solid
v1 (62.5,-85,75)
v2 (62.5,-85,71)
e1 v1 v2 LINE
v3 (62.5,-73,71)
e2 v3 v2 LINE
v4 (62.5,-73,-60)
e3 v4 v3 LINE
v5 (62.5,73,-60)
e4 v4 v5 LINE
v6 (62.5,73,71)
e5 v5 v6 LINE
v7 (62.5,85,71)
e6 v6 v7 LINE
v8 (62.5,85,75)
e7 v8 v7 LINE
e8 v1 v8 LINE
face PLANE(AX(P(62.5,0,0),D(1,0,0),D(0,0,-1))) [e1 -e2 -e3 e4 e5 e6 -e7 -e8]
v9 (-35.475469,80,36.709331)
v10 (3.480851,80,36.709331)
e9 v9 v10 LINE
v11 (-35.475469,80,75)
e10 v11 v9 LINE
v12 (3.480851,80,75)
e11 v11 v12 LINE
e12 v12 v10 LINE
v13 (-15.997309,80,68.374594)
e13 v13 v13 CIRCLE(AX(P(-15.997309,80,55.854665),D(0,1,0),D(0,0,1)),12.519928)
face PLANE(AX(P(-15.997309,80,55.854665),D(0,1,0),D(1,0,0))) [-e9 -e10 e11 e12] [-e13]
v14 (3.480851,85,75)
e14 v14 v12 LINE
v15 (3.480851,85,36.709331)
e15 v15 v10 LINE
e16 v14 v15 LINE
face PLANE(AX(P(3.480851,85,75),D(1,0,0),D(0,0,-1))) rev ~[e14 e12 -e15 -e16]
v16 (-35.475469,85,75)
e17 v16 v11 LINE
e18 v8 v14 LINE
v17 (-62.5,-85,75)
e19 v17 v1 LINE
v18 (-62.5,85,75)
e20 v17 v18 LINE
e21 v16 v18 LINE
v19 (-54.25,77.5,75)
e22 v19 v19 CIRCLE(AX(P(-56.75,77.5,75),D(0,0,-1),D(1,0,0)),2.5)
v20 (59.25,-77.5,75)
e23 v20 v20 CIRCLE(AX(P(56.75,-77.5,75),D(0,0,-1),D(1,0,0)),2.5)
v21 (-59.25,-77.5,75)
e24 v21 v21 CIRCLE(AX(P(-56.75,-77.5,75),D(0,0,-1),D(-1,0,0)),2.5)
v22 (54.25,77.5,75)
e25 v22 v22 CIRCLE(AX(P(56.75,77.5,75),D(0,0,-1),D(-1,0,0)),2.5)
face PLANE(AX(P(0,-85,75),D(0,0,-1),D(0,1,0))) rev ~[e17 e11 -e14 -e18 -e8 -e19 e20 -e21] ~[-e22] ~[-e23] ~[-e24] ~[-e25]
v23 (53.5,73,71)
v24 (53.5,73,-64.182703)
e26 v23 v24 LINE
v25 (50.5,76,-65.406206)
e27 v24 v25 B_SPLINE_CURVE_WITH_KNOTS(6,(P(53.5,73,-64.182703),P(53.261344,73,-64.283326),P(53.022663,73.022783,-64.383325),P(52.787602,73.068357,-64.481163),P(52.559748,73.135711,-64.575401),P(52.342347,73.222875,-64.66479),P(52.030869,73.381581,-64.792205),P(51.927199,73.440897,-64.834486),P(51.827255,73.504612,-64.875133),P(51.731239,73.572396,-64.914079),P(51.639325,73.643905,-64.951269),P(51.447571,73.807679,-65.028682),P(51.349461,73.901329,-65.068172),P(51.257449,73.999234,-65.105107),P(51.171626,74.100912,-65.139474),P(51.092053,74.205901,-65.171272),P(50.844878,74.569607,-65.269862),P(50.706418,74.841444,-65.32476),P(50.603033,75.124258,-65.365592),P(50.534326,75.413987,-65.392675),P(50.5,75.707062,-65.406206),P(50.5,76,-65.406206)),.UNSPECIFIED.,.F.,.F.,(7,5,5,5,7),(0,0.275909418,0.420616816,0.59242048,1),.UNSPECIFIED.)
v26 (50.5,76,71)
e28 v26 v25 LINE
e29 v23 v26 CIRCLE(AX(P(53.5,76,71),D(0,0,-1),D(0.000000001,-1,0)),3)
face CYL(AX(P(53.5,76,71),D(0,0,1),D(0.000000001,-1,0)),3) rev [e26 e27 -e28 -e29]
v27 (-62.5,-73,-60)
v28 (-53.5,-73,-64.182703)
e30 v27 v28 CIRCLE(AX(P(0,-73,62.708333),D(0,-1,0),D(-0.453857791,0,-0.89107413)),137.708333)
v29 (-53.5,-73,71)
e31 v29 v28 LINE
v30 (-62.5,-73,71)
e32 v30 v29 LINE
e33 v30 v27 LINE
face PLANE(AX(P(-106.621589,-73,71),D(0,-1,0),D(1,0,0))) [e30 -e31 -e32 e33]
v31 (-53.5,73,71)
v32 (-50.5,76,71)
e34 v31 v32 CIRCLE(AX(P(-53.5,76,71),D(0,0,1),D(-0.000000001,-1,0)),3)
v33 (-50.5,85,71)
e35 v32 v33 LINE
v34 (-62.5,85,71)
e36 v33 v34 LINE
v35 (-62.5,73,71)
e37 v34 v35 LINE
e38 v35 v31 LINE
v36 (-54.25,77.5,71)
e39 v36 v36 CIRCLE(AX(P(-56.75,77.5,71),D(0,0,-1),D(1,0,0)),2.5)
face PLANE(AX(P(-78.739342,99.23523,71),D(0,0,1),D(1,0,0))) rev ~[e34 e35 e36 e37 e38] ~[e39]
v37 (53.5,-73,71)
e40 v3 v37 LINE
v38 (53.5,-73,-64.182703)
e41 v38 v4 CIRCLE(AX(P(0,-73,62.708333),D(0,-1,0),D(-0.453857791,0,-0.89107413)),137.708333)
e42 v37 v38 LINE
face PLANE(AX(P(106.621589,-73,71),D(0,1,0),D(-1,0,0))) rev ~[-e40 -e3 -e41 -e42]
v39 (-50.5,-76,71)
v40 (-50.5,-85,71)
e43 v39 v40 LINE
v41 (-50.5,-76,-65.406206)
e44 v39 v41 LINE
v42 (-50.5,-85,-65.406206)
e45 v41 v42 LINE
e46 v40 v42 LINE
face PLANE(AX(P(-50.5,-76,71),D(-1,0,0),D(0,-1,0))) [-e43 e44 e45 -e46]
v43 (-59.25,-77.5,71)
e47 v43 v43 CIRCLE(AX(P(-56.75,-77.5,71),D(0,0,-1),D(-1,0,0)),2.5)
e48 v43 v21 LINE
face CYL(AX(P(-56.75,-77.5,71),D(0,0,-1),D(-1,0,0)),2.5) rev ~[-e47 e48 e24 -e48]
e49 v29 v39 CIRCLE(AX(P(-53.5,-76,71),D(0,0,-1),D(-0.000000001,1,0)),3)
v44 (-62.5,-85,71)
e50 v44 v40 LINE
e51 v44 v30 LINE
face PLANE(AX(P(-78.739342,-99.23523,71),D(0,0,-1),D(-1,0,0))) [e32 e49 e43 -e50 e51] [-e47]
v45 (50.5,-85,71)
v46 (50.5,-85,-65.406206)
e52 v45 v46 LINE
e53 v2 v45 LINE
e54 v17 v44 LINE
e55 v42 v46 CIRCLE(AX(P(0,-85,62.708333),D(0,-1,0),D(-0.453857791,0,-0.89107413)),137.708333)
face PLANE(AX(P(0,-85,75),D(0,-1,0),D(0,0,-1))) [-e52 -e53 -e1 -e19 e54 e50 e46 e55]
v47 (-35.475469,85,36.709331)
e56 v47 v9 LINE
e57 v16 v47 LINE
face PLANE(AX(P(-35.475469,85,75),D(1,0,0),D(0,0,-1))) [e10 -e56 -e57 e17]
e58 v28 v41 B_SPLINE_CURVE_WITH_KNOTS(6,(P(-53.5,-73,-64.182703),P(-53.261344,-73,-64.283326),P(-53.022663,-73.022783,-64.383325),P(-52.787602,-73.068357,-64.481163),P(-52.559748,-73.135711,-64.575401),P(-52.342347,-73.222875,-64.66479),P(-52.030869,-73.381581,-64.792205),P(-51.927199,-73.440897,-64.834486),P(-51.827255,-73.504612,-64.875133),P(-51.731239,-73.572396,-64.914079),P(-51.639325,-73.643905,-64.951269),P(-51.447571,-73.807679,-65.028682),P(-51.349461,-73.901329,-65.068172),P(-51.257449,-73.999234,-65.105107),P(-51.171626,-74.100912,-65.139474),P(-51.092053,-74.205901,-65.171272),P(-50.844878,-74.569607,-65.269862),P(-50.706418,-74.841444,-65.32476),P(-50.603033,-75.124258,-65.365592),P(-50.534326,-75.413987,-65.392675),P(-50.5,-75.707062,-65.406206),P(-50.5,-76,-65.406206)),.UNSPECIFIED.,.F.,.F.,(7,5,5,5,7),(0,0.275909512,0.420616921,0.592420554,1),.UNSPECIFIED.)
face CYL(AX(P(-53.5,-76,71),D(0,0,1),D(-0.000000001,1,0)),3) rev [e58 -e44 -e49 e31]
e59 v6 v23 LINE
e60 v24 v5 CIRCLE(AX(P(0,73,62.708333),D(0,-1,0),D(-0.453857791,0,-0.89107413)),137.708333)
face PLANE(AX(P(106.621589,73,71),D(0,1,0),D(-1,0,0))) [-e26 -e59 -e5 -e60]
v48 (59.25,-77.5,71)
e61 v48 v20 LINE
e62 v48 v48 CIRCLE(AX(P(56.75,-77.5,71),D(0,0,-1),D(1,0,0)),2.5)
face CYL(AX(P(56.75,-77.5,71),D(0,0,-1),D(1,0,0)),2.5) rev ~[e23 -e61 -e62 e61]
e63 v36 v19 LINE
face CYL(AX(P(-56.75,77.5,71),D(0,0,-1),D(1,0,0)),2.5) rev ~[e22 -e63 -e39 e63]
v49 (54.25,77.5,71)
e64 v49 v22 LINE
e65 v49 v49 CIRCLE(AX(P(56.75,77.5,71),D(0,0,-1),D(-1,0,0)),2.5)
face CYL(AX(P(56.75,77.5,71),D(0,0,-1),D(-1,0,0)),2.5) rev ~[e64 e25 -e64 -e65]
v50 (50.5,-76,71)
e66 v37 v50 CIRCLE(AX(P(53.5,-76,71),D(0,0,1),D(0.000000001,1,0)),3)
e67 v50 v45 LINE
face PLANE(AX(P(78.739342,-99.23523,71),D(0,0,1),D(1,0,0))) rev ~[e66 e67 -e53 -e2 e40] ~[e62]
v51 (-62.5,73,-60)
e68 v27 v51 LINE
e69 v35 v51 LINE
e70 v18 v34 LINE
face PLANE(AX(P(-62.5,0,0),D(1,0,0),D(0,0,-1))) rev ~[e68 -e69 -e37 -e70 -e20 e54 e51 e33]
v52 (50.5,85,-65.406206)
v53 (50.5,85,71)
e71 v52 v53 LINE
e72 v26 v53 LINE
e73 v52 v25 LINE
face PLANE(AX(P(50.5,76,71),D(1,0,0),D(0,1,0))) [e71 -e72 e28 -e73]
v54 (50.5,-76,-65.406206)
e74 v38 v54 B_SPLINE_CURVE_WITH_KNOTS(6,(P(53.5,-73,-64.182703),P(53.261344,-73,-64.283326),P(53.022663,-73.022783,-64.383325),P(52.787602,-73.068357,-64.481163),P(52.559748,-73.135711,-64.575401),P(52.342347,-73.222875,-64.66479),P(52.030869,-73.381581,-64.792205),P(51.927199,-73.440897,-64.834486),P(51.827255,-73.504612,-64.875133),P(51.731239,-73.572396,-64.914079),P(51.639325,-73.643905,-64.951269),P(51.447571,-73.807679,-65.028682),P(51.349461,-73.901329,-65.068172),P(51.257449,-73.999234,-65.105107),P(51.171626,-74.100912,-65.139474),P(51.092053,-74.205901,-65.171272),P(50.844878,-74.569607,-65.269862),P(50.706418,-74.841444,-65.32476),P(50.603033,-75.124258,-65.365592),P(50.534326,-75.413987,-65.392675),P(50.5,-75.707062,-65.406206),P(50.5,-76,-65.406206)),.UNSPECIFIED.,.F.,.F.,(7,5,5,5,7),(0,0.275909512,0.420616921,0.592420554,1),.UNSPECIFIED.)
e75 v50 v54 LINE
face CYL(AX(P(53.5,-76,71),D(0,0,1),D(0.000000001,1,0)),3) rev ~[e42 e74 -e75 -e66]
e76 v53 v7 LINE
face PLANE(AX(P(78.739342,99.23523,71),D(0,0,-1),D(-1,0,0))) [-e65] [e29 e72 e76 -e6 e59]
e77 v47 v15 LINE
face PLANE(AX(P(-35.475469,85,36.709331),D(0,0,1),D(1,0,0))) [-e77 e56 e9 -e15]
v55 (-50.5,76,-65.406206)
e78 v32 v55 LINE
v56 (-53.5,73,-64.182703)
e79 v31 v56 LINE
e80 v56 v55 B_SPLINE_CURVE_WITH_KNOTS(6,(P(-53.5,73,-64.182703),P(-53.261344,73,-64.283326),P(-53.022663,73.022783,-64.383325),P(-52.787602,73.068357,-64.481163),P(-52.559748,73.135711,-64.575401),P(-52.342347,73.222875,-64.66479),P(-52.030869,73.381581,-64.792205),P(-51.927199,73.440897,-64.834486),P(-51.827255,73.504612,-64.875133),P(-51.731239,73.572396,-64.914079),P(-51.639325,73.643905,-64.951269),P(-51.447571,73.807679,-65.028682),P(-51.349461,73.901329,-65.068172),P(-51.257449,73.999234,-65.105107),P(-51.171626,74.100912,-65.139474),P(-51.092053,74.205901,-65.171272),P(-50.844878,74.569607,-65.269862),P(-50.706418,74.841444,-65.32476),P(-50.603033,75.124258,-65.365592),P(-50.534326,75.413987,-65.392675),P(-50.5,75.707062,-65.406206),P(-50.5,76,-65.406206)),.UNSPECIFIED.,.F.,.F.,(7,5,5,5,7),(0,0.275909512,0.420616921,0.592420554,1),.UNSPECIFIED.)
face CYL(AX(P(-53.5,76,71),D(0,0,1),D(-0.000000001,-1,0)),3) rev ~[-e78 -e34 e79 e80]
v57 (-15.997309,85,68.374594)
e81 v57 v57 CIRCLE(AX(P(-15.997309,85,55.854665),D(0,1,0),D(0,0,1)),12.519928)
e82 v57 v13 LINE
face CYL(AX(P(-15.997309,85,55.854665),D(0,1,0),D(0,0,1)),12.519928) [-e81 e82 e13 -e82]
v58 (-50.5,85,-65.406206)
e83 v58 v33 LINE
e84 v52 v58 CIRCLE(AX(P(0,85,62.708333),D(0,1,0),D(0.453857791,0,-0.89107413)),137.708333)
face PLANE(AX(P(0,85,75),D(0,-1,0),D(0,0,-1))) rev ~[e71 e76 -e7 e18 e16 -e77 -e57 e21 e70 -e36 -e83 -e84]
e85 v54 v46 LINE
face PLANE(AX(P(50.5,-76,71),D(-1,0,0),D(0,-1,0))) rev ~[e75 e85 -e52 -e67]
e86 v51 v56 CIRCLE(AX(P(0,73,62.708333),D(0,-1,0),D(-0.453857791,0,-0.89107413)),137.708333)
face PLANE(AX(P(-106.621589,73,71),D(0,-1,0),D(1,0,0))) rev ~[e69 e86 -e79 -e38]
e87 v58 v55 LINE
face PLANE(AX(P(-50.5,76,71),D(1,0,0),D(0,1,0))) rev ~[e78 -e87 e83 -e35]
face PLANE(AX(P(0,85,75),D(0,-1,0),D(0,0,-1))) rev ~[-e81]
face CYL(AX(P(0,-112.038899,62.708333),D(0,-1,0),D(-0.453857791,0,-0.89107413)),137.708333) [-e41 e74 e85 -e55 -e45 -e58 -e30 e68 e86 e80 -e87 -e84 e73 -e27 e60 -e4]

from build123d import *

# Parameters (mm, degrees)
SKETCH1_W               = 150
SKETCH1_H               = 170
BOSS_EXTRUDE1_DEPTH     = 62.5
CUT_EXTRUDE1_DEPTH      = 197.038899201
CUT_EXTRUDE1_DEPTH_BACK = 197.038899201
CUT_EXTRUDE2_START      = -4
CUT_EXTRUDE2_DEPTH      = 180.388249351
SKETCH4_R               = 2.5
CUT_EXTRUDE3_DEPTH      = 181.131202346
SKETCH7_W               = 38.956320025
SKETCH7_H               = 38.29066934
SKETCH7_R               = 12.51992823
CUT_EXTRUDE4_DEPTH      = 5


with BuildPart() as part:
    # Sketch1 → Boss-Extrude1 (new, symmetric)
    with BuildSketch(Plane(origin=(0, 0, 0), x_dir=(0, 0, -1), z_dir=(1, 0, 0))):
        Rectangle(SKETCH1_W, SKETCH1_H)
    extrude(amount=BOSS_EXTRUDE1_DEPTH, both=True)

    # Sketch2 → Cut-Extrude1 (cut, two sides: drawn at the far end of the back side and taken through both)
    with BuildSketch(Plane(origin=(0, 85, 0), x_dir=(1, 0, 0), z_dir=(0, 1, 0)).offset(-CUT_EXTRUDE1_DEPTH_BACK)):
        with BuildLine():
            Line((-399.296963127, -111.543444717), (-62.5, 60))
            ThreePointArc((-62.5, 60), (0, 75), (62.5, 60))
            Line((62.5, 60), (399.296963127, -111.543444717))
            Line((399.296963127, -111.543444717), (399.296963127, 644.391335002))
            Line((399.296963127, 644.391335002), (-399.296963127, 644.391335002))
            Line((-399.296963127, 644.391335002), (-399.296963127, -111.543444717))
        make_face()
    extrude(amount=CUT_EXTRUDE1_DEPTH + CUT_EXTRUDE1_DEPTH_BACK, mode=Mode.SUBTRACT)

    # Sketch3 → Cut-Extrude2 (cut, through all)
    with BuildSketch(Plane.XY.offset(75).offset(CUT_EXTRUDE2_START)):
        with BuildLine():
            Line((50.5, 125.138194242), (106.621589134, 125.138194242))
            Line((106.621589134, 125.138194242), (106.621589134, 73))
            Line((106.621589134, 73), (53.5, 73))
            ThreePointArc((53.5, 73), (51.378679656, 73.878679656), (50.5, 76))
            Line((50.5, 76), (50.5, 125.138194242))
        make_face()
        with BuildLine():
            Line((-106.621589134, 125.138194242), (-106.621589134, 73))
            Line((-106.621589134, 73), (-53.5, 73))
            ThreePointArc((-53.5, 73), (-51.378679656, 73.878679656), (-50.5, 76))
            Line((-50.5, 76), (-50.5, 125.138194242))
            Line((-50.5, 125.138194242), (-106.621589134, 125.138194242))
        make_face()
        with BuildLine():
            Line((-50.5, -125.138194242), (-106.621589134, -125.138194242))
            Line((-106.621589134, -125.138194242), (-106.621589134, -73))
            Line((-106.621589134, -73), (-53.5, -73))
            ThreePointArc((-53.5, -73), (-51.378679656, -73.878679656), (-50.5, -76))
            Line((-50.5, -76), (-50.5, -125.138194242))
        make_face()
        with BuildLine():
            Line((106.621589134, -125.138194242), (106.621589134, -73))
            Line((106.621589134, -73), (53.5, -73))
            ThreePointArc((53.5, -73), (51.378679656, -73.878679656), (50.5, -76))
            Line((50.5, -76), (50.5, -125.138194242))
            Line((50.5, -125.138194242), (106.621589134, -125.138194242))
        make_face()
    extrude(amount=-CUT_EXTRUDE2_DEPTH, mode=Mode.SUBTRACT)

    # Sketch4 → Cut-Extrude3 (cut, through all)
    with BuildSketch(Plane(origin=(0, 0, 71), x_dir=(-1, 0, 0), z_dir=(0, 0, -1))):
        with Locations((-56.75, 77.5)):
            Circle(SKETCH4_R)
        with Locations(Location((56.75, 77.5, 0), (0, 0, 180))):
            Circle(SKETCH4_R)
        with Locations((56.75, -77.5)):
            Circle(SKETCH4_R)
        with Locations(Location((-56.75, -77.5, 0), (0, 0, 180))):
            Circle(SKETCH4_R)
    extrude(amount=-CUT_EXTRUDE3_DEPTH, mode=Mode.SUBTRACT)

    # Sketch7 → Cut-Extrude4 (cut)
    with BuildSketch(Plane(origin=(0, 85, 0), x_dir=(1, 0, 0), z_dir=(0, 1, 0))):
        with Locations((-15.997309365, -55.85466533)):
            Rectangle(SKETCH7_W, SKETCH7_H)
        with Locations(Location((-15.997309365, -55.85466533, 0), (0, 0, 270))):
            Circle(SKETCH7_R, mode=Mode.SUBTRACT)
    extrude(amount=-CUT_EXTRUDE4_DEPTH, mode=Mode.SUBTRACT)


solid = part.part
